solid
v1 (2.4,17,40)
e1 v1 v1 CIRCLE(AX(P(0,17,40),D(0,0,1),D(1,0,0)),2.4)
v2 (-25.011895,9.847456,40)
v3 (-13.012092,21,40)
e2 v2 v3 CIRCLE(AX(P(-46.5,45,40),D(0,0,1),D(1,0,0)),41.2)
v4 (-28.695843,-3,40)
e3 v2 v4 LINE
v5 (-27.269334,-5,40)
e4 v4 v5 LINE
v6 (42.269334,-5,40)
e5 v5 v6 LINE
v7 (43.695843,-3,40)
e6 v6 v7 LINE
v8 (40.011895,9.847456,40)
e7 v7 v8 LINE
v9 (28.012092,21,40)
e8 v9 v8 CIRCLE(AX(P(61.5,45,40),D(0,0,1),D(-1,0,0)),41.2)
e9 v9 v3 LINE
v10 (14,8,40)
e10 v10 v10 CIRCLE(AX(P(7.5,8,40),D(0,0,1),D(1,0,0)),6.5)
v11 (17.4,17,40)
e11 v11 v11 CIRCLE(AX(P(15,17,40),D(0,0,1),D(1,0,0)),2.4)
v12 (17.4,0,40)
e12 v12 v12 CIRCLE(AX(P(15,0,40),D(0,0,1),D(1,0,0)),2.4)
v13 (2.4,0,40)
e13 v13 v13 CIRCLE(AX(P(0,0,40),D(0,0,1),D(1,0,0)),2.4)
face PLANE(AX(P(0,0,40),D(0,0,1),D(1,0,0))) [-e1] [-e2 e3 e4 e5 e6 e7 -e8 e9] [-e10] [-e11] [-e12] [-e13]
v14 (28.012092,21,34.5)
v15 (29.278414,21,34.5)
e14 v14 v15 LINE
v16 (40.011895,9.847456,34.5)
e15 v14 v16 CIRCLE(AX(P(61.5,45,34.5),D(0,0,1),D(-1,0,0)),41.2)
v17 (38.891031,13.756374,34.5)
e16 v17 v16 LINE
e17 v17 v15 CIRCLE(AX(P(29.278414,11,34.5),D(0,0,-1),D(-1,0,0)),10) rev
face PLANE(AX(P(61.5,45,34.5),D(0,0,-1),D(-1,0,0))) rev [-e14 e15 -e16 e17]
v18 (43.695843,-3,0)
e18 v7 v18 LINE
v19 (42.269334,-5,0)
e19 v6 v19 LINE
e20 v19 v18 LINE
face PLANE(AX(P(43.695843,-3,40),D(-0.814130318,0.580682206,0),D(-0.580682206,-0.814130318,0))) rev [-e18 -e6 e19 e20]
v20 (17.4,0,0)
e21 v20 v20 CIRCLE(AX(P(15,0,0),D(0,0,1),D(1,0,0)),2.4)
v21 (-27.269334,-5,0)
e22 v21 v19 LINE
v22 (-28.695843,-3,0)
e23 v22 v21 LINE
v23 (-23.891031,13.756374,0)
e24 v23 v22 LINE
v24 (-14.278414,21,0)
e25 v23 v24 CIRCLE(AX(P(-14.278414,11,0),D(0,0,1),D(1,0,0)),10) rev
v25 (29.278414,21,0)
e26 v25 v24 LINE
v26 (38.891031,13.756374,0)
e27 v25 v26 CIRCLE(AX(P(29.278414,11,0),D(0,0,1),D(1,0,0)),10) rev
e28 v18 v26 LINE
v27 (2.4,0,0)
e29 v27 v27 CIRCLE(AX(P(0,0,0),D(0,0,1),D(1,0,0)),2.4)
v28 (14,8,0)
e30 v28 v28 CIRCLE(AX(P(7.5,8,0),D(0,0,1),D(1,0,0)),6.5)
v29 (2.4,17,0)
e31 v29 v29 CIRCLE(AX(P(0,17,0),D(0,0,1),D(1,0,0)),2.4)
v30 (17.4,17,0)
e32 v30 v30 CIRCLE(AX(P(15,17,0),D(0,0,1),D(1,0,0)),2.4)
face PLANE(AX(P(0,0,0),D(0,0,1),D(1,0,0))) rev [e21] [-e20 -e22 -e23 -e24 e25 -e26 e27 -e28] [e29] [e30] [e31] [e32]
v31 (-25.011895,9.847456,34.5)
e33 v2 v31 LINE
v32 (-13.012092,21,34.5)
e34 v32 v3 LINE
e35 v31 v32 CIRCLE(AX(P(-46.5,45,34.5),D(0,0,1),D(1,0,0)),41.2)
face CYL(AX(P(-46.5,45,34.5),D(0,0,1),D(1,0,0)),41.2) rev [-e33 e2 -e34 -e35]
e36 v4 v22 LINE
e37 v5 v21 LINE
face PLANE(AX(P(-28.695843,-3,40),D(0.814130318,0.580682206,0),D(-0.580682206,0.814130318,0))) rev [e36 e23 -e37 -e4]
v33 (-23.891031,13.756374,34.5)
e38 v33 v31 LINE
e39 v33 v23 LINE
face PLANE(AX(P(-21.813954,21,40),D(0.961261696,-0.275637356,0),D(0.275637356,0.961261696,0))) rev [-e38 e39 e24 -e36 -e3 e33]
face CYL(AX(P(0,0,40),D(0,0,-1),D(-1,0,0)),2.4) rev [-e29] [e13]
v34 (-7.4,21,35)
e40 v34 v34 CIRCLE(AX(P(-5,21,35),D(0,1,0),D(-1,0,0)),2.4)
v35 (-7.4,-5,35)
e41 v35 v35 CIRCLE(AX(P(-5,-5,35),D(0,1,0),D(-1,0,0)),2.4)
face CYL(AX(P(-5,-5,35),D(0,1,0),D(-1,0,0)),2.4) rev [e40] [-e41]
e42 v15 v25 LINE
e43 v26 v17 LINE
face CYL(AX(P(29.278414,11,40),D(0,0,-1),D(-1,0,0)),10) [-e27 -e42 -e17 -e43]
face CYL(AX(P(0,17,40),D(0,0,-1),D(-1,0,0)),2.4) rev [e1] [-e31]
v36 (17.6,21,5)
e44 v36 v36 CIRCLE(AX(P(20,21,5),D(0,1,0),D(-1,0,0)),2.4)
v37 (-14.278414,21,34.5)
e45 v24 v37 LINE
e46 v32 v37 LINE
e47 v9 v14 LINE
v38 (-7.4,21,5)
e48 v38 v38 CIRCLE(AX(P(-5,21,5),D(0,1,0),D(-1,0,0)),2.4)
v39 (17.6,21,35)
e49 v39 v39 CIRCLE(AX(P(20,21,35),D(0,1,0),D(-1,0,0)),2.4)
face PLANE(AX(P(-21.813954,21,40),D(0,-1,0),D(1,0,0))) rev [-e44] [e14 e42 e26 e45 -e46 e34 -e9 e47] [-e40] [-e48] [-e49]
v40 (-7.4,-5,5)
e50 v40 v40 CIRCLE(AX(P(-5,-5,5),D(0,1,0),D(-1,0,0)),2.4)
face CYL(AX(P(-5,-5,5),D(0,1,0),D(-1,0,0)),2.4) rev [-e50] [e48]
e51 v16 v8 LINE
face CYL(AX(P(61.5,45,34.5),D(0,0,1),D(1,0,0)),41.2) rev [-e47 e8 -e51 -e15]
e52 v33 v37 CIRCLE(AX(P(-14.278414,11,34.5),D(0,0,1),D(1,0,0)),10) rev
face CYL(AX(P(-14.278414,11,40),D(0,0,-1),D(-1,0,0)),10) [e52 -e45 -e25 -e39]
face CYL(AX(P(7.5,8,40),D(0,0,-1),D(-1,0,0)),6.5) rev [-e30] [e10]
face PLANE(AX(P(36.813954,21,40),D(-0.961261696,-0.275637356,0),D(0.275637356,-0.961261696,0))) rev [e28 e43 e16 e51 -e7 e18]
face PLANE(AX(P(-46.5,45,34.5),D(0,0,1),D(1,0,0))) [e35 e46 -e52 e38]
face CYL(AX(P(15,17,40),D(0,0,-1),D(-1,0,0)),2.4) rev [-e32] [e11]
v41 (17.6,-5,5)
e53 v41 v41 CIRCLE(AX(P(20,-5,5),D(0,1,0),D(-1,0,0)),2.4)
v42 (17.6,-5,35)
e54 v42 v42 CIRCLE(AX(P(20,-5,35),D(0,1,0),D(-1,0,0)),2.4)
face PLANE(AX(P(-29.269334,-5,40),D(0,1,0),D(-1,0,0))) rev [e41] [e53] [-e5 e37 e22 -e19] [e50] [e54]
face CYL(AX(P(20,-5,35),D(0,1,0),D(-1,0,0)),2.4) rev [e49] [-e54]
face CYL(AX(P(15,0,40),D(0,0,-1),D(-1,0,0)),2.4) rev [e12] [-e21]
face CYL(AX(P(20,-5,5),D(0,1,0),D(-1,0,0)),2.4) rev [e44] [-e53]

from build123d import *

# Parameters (mm, degrees)
SKETCH_1_R          = 2.4
SKETCH_1_R_2        = 6.5
EXTRUDE_1_DEPTH     = 40
FILLET_1_R          = 10
SKETCH_2_R          = 2.4
CUT_EXTRUDE_1_DEPTH = 66.0828238
SKETCH_4_R          = 41.2
CUT_EXTRUDE_2_DEPTH = 5.5
CUT_EXTRUDE_3_DEPTH = 64.25167155


with BuildPart() as part:
    # 草图1 → 凸台-拉伸1 (new body)
    with BuildSketch(Plane.XY):
        Polygon((-29.269334238, -5), (44.269334238, -5), (36.813954208, 21), (-21.813954208, 21), align=None)
        with Locations((15, 17)):
            Circle(SKETCH_1_R, mode=Mode.SUBTRACT)
        with Locations((15, 0)):
            Circle(SKETCH_1_R, mode=Mode.SUBTRACT)
        Circle(SKETCH_1_R, mode=Mode.SUBTRACT)
        with Locations((0, 17)):
            Circle(SKETCH_1_R, mode=Mode.SUBTRACT)
        with Locations((7.5, 8)):
            Circle(SKETCH_1_R_2, mode=Mode.SUBTRACT)
    extrude(amount=EXTRUDE_1_DEPTH)

    # 圆角1
    fillet_1_edges = [part.edges().sort_by_distance(p)[0] for p in [
        (-21.813954208, 21, 20),
        (36.813954208, 21, 20),
    ]]
    fillet(fillet_1_edges, radius=FILLET_1_R)

    # 草图2 → 切除-拉伸1 (cut, through all)
    with BuildSketch(Plane(origin=(0, 21, 0), x_dir=(1, 0, 0), z_dir=(0, 1, 0))):
        with Locations(Location((-5, -5, 0), (0, 0, 180))):
            Circle(SKETCH_2_R)
        with Locations(Location((20, -5, 0), (0, 0, 180))):
            Circle(SKETCH_2_R)
        with Locations(Location((-5, -35, 0), (0, 0, 180))):
            Circle(SKETCH_2_R)
        with Locations(Location((20, -35, 0), (0, 0, 180))):
            Circle(SKETCH_2_R)
    extrude(amount=-CUT_EXTRUDE_1_DEPTH, mode=Mode.SUBTRACT)

    # 草图4 → 切除-拉伸2 (cut)
    with BuildSketch(Plane.XY.offset(40)):
        with Locations((-46.5, 45)):
            Circle(SKETCH_4_R)
        with Locations((61.5, 45)):
            Circle(SKETCH_4_R)
    extrude(amount=-CUT_EXTRUDE_2_DEPTH, mode=Mode.SUBTRACT)

    # 草图5 → 切除-拉伸3 (cut, through all)
    with BuildSketch(Plane(origin=(0, 0, 0), x_dir=(-1, 0, 0), z_dir=(0, 0, -1))):
        Polygon((-42.269334238, -5), (-44.269334238, -5), (-43.695843466, -3), align=None)
        Polygon((28.695843466, -3), (27.269334238, -5), (29.269334238, -5), align=None)
    extrude(amount=-CUT_EXTRUDE_3_DEPTH, mode=Mode.SUBTRACT)


solid = part.part
